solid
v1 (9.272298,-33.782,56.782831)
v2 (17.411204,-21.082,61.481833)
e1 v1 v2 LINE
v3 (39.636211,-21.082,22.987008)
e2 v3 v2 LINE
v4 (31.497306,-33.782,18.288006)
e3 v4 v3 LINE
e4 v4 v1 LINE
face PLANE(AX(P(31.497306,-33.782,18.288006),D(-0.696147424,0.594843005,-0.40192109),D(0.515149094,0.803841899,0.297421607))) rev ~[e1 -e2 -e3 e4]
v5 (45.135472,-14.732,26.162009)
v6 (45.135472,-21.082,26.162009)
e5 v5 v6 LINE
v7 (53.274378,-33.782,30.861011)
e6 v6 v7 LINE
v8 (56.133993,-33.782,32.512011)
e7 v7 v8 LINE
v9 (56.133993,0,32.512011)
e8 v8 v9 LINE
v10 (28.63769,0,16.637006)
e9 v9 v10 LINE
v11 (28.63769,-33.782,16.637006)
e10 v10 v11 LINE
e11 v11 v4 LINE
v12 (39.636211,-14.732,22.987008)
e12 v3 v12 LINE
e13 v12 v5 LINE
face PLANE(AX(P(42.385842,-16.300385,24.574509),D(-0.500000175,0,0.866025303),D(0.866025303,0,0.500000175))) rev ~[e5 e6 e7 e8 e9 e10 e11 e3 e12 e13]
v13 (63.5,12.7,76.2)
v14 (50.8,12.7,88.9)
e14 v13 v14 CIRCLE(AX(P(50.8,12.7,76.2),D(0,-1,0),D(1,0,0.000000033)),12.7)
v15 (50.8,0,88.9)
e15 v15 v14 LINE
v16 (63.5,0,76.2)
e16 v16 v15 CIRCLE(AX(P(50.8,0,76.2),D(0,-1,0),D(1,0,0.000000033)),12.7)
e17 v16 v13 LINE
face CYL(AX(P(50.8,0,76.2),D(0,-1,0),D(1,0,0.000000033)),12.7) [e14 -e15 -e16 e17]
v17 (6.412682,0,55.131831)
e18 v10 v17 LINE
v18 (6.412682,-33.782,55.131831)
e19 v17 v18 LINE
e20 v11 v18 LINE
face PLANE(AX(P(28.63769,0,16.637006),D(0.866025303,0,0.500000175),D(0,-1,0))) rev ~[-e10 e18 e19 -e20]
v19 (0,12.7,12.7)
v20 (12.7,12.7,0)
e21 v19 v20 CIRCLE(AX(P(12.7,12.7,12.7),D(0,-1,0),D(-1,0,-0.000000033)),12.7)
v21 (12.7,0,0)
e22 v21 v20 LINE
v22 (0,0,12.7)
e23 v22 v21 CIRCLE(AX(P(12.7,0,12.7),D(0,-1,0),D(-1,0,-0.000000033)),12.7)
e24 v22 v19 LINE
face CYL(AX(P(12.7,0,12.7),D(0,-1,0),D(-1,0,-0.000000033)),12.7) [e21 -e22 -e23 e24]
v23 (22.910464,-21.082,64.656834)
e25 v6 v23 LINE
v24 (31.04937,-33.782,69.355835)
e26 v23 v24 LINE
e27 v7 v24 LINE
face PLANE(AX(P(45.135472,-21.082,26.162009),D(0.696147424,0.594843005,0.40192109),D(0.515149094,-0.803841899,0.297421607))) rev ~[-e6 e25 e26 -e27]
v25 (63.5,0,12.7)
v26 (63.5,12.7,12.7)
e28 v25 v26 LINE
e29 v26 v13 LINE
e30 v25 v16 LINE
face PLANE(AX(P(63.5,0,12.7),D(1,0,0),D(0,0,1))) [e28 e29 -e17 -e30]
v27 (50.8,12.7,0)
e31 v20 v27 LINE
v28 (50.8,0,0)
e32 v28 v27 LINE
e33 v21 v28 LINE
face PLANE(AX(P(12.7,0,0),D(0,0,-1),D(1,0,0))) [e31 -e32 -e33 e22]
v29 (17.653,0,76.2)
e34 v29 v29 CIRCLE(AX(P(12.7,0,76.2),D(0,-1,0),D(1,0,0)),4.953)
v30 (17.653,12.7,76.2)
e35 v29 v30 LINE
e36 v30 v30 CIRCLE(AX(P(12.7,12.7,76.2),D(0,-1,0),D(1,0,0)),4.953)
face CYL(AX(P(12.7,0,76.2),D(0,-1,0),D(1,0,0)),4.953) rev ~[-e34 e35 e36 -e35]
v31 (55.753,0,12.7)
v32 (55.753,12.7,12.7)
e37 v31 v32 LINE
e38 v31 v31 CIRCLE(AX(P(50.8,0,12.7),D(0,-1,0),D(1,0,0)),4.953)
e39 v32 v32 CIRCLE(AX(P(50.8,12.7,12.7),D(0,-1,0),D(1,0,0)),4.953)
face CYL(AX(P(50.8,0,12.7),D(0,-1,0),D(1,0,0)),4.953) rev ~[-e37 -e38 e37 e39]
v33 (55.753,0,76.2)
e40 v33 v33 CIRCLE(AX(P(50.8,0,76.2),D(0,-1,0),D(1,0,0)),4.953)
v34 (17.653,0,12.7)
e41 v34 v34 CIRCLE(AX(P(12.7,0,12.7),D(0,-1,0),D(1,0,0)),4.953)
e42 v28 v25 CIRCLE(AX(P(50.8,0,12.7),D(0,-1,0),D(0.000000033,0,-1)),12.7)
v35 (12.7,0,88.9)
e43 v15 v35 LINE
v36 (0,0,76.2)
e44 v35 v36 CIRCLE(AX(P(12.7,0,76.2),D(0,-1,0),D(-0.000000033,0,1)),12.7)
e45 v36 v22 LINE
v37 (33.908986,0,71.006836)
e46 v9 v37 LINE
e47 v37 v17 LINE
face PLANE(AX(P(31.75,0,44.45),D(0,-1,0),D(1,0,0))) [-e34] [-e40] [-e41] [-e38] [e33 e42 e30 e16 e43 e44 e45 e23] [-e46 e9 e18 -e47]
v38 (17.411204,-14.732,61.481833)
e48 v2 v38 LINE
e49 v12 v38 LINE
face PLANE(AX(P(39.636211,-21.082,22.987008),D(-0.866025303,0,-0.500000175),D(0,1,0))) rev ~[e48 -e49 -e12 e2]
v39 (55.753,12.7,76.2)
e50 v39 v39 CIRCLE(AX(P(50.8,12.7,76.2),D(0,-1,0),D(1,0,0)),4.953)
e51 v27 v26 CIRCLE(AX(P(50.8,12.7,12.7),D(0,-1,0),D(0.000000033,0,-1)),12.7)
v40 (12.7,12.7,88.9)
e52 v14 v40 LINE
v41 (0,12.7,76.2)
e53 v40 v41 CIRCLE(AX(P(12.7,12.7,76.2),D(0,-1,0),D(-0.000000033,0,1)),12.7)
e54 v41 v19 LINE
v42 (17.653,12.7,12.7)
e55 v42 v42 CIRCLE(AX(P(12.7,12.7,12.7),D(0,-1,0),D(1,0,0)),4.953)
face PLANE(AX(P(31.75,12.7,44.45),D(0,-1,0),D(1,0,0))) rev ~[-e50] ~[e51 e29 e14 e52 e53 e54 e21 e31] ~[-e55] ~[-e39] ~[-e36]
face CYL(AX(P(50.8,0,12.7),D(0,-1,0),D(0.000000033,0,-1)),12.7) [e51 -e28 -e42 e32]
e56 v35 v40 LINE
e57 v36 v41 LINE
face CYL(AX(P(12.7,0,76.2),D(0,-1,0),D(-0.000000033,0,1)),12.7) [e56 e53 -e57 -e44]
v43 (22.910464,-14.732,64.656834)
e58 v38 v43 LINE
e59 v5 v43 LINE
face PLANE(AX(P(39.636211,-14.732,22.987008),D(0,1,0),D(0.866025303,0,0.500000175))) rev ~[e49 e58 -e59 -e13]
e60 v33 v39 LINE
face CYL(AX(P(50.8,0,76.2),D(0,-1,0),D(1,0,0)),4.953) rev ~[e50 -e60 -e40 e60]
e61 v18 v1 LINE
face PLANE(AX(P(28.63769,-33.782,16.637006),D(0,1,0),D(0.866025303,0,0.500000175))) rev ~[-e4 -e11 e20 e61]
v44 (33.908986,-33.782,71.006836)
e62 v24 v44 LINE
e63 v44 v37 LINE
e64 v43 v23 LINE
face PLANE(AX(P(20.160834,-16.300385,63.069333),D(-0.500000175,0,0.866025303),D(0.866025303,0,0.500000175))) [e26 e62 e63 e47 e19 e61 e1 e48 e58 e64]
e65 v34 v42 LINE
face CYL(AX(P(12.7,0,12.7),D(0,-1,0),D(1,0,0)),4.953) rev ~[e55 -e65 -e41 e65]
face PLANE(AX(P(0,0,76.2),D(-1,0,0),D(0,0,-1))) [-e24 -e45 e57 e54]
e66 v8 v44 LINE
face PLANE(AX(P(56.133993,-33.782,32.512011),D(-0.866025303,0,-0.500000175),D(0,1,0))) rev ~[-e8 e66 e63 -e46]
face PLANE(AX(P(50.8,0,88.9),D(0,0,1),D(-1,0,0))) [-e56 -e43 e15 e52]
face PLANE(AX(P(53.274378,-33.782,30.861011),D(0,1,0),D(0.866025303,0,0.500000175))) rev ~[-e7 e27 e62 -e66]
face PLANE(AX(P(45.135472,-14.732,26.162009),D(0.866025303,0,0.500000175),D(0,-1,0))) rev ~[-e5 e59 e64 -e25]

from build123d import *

# Parameters (mm, degrees)
F0_R     = 4.953
F1_DEPTH = 12.7
F4_DEPTH = 44.45


with BuildPart() as f1:
    # F0 (on Front) → F1 (new body)
    with BuildSketch(Plane.XZ):
        with BuildLine():
            ThreePointArc((0, 12.7), (3.719744, 3.719744), (12.7, 0))
            Line((12.7, 0), (50.8, 0))
            ThreePointArc((50.8, 0), (59.780256, 3.719744), (63.5, 12.7))
            Line((63.5, 12.7), (63.5, 32.512))
            Line((63.5, 32.512), (63.5, 45.212))
            Line((63.5, 45.212), (63.5, 76.2))
            ThreePointArc((63.5, 76.2), (59.780256, 85.180256), (50.8, 88.9))
            Line((50.8, 88.9), (12.7, 88.9))
            ThreePointArc((12.7, 88.9), (3.719744, 85.180256), (0, 76.2))
            Line((0, 76.2), (0, 12.7))
        make_face()
        with Locations((12.7, 12.7)):
            Circle(F0_R, mode=Mode.SUBTRACT)
        Polygon((33.909, 71.006829), (56.134, 32.512), (28.637693, 16.637), (6.412693, 55.131829), align=None, mode=Mode.SUBTRACT)
        with Locations((50.8, 12.7)):
            Circle(F0_R, mode=Mode.SUBTRACT)
        with Locations((12.7, 76.2)):
            Circle(F0_R, mode=Mode.SUBTRACT)
        with Locations((50.8, 76.2)):
            Circle(F0_R, mode=Mode.SUBTRACT)
        Polygon((28.637693, 16.637), (56.134, 32.512), (33.909, 71.006829), (6.412693, 55.131829), align=None)
    extrude(amount=-F1_DEPTH)

    # F3 (on face) → F4 (join, through all)
    with BuildSketch(Plane(origin=(-0.044609, 0, 0.077265), x_dir=(0.866025, 0, 0.5), z_dir=(-0.5, 0, 0.866025))):
        Polygon((64.86947, 0), (33.11947, 0), (33.11947, -14.732), (33.11947, -33.782), (36.42147, -33.782), (45.81947, -21.082), (45.81947, -14.732), (48.99447, -14.732), (52.16947, -14.732), (52.16947, -21.082), (61.56747, -33.782), (64.86947, -33.782), align=None)
    extrude(amount=F4_DEPTH)


solid = f1.part
